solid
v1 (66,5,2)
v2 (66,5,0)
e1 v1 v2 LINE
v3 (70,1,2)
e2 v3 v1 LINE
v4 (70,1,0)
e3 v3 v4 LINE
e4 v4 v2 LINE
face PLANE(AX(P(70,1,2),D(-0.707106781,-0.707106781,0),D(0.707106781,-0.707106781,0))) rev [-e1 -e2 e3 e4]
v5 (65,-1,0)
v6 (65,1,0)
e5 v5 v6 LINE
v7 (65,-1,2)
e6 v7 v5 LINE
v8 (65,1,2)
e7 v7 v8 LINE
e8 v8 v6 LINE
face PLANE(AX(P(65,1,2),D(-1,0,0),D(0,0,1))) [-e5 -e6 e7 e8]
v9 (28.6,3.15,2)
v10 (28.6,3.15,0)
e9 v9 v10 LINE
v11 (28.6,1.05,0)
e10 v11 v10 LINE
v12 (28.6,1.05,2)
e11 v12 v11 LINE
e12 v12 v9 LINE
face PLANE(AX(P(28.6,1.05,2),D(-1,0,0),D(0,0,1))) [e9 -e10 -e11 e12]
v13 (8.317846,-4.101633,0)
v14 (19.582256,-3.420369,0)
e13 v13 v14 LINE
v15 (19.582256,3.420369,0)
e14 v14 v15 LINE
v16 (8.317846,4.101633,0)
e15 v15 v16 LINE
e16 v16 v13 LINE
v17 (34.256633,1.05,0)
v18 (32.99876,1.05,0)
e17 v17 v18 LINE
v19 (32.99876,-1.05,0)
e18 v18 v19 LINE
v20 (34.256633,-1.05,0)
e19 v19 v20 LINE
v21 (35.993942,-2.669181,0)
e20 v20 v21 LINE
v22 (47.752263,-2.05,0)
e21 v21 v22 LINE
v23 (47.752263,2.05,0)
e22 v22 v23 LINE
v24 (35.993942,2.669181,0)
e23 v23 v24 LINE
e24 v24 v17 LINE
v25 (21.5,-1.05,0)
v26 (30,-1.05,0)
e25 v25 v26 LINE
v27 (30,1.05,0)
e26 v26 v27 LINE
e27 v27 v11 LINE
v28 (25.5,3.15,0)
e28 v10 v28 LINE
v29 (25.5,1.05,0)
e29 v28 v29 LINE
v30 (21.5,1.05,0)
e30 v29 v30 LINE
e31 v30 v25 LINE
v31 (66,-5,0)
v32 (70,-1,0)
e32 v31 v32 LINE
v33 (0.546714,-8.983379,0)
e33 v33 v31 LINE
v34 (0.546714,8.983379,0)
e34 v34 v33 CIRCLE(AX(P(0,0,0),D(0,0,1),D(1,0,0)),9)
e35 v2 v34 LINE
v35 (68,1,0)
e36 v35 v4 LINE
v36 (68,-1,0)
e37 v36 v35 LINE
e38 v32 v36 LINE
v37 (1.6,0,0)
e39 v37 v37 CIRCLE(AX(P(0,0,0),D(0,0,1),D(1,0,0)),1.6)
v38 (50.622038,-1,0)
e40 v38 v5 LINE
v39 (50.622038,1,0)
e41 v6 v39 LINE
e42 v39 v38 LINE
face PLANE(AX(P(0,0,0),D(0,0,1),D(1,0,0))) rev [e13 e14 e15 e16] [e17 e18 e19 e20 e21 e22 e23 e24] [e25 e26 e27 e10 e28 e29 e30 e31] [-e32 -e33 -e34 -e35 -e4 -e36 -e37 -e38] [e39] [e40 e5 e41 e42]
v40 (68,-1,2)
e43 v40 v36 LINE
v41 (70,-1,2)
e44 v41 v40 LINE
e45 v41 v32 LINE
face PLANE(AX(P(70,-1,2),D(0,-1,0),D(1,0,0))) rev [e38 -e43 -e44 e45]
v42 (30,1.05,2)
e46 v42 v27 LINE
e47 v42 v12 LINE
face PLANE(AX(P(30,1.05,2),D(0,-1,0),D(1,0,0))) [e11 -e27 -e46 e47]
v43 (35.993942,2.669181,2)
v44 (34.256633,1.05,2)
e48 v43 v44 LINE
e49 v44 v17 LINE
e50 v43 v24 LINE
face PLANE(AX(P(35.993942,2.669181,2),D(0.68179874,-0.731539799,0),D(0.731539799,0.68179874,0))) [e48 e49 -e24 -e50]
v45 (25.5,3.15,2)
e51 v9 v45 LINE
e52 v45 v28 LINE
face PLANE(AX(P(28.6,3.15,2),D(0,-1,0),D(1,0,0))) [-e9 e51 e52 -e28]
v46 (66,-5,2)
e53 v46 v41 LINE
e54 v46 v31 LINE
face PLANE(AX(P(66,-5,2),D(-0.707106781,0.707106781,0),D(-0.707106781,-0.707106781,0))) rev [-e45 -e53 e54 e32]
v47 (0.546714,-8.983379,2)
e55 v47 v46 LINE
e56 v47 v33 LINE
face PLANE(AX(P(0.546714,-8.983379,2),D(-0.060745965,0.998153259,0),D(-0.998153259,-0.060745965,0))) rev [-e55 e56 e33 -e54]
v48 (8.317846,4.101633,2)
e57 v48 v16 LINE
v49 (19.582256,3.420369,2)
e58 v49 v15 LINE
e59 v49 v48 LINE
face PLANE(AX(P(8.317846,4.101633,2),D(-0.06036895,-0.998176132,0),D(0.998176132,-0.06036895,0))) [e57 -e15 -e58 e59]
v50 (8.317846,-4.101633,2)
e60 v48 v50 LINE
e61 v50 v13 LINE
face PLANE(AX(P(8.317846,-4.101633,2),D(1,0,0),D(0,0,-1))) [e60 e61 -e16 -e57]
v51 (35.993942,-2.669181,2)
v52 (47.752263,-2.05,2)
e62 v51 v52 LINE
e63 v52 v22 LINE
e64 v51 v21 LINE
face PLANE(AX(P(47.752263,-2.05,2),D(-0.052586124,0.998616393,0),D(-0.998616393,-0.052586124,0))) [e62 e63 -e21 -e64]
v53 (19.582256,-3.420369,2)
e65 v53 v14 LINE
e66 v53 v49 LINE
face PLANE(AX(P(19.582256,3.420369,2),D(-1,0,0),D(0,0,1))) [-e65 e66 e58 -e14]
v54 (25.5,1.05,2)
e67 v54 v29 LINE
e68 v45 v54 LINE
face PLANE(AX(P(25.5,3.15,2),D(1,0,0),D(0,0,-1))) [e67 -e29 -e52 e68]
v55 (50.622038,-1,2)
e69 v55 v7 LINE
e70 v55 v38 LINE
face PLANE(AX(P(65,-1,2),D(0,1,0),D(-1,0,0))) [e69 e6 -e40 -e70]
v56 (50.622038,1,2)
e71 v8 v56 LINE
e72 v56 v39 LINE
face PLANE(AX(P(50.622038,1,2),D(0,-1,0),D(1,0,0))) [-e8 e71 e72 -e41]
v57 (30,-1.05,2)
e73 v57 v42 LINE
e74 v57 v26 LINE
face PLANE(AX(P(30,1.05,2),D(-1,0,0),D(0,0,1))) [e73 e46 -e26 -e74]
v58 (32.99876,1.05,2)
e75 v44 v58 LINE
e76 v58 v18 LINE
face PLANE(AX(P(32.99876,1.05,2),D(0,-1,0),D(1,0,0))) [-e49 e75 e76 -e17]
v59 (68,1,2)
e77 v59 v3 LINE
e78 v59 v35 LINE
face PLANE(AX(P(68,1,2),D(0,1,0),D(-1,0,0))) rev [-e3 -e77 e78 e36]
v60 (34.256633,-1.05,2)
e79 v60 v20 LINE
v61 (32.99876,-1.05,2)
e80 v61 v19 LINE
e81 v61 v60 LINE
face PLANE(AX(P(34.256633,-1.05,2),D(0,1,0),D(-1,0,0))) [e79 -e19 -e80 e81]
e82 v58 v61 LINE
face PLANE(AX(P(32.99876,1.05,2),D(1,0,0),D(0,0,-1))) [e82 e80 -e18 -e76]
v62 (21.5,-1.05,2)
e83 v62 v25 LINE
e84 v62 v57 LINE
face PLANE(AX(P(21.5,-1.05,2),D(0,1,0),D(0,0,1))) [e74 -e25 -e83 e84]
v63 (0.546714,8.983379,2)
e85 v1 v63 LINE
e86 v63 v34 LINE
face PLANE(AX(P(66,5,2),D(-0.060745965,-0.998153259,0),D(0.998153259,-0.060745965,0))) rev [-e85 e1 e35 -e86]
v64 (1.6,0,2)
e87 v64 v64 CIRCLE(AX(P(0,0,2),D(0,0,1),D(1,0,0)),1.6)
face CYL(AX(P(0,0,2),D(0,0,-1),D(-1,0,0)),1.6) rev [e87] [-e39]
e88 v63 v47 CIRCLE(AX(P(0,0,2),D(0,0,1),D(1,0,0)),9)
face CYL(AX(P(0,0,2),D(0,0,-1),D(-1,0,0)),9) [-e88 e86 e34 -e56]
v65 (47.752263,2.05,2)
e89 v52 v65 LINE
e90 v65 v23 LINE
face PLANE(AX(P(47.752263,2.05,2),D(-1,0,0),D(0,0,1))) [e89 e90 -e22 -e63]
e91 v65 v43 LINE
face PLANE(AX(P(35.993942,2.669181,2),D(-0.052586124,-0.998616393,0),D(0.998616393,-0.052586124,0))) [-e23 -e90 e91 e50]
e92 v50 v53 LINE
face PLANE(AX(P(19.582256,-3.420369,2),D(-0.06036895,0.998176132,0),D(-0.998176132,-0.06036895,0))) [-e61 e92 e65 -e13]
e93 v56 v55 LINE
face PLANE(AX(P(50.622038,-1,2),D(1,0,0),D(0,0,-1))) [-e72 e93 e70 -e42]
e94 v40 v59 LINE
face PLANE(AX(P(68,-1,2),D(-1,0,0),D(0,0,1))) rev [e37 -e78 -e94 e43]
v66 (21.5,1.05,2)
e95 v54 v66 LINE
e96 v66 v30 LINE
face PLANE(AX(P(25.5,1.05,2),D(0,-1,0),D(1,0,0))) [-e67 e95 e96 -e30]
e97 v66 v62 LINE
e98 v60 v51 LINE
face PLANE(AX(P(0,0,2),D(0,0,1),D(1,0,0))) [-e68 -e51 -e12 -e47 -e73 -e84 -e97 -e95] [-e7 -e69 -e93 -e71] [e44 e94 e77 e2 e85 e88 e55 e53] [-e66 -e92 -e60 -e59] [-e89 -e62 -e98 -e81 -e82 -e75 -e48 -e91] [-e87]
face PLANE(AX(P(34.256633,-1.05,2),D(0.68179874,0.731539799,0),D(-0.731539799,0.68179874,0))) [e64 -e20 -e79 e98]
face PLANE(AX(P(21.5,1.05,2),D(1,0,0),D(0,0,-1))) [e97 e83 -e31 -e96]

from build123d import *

# Parameters (mm, degrees)
SKETCH_1_R      = 1.6
SKETCH_1_W      = 14.377962021
SKETCH_1_H      = 2
EXTRUDE_1_DEPTH = 2


with BuildPart() as part:
    # 草图1 → 凸台-拉伸1 (new body)
    with BuildSketch(Plane.XY):
        with BuildLine():
            Line((68, 1), (70, 1))
            Line((70, 1), (66, 5))
            Line((66, 5), (0.546713687, 8.983379328))
            ThreePointArc((0.546713687, 8.983379328), (-9, 0), (0.546713687, -8.983379328))
            Line((0.546713687, -8.983379328), (66, -5))
            Line((66, -5), (70, -1))
            Line((70, -1), (68, -1))
            Line((68, -1), (68, 1))
        make_face()
        Circle(SKETCH_1_R, mode=Mode.SUBTRACT)
        Polygon((30, 1.05), (28.6, 1.05), (28.6, 3.15), (25.5, 3.15), (25.5, 1.05), (21.5, 1.05), (21.5, -1.05), (30, -1.05), align=None, mode=Mode.SUBTRACT)
        Polygon((8.317846196, 4.101632549), (19.58225642, 3.420369402), (19.58225642, -3.420369402), (8.317846196, -4.101632549), align=None, mode=Mode.SUBTRACT)
        with Locations((57.811018989, 0)):
            Rectangle(SKETCH_1_W, SKETCH_1_H, mode=Mode.SUBTRACT)
        Polygon((47.752262622, -2.05), (35.993942407, -2.669181187), (34.25663283, -1.05), (32.998759736, -1.05), (32.998759736, 1.05), (34.25663283, 1.05), (35.993942407, 2.669181187), (47.752262622, 2.05), align=None, mode=Mode.SUBTRACT)
    extrude(amount=EXTRUDE_1_DEPTH)


solid = part.part
